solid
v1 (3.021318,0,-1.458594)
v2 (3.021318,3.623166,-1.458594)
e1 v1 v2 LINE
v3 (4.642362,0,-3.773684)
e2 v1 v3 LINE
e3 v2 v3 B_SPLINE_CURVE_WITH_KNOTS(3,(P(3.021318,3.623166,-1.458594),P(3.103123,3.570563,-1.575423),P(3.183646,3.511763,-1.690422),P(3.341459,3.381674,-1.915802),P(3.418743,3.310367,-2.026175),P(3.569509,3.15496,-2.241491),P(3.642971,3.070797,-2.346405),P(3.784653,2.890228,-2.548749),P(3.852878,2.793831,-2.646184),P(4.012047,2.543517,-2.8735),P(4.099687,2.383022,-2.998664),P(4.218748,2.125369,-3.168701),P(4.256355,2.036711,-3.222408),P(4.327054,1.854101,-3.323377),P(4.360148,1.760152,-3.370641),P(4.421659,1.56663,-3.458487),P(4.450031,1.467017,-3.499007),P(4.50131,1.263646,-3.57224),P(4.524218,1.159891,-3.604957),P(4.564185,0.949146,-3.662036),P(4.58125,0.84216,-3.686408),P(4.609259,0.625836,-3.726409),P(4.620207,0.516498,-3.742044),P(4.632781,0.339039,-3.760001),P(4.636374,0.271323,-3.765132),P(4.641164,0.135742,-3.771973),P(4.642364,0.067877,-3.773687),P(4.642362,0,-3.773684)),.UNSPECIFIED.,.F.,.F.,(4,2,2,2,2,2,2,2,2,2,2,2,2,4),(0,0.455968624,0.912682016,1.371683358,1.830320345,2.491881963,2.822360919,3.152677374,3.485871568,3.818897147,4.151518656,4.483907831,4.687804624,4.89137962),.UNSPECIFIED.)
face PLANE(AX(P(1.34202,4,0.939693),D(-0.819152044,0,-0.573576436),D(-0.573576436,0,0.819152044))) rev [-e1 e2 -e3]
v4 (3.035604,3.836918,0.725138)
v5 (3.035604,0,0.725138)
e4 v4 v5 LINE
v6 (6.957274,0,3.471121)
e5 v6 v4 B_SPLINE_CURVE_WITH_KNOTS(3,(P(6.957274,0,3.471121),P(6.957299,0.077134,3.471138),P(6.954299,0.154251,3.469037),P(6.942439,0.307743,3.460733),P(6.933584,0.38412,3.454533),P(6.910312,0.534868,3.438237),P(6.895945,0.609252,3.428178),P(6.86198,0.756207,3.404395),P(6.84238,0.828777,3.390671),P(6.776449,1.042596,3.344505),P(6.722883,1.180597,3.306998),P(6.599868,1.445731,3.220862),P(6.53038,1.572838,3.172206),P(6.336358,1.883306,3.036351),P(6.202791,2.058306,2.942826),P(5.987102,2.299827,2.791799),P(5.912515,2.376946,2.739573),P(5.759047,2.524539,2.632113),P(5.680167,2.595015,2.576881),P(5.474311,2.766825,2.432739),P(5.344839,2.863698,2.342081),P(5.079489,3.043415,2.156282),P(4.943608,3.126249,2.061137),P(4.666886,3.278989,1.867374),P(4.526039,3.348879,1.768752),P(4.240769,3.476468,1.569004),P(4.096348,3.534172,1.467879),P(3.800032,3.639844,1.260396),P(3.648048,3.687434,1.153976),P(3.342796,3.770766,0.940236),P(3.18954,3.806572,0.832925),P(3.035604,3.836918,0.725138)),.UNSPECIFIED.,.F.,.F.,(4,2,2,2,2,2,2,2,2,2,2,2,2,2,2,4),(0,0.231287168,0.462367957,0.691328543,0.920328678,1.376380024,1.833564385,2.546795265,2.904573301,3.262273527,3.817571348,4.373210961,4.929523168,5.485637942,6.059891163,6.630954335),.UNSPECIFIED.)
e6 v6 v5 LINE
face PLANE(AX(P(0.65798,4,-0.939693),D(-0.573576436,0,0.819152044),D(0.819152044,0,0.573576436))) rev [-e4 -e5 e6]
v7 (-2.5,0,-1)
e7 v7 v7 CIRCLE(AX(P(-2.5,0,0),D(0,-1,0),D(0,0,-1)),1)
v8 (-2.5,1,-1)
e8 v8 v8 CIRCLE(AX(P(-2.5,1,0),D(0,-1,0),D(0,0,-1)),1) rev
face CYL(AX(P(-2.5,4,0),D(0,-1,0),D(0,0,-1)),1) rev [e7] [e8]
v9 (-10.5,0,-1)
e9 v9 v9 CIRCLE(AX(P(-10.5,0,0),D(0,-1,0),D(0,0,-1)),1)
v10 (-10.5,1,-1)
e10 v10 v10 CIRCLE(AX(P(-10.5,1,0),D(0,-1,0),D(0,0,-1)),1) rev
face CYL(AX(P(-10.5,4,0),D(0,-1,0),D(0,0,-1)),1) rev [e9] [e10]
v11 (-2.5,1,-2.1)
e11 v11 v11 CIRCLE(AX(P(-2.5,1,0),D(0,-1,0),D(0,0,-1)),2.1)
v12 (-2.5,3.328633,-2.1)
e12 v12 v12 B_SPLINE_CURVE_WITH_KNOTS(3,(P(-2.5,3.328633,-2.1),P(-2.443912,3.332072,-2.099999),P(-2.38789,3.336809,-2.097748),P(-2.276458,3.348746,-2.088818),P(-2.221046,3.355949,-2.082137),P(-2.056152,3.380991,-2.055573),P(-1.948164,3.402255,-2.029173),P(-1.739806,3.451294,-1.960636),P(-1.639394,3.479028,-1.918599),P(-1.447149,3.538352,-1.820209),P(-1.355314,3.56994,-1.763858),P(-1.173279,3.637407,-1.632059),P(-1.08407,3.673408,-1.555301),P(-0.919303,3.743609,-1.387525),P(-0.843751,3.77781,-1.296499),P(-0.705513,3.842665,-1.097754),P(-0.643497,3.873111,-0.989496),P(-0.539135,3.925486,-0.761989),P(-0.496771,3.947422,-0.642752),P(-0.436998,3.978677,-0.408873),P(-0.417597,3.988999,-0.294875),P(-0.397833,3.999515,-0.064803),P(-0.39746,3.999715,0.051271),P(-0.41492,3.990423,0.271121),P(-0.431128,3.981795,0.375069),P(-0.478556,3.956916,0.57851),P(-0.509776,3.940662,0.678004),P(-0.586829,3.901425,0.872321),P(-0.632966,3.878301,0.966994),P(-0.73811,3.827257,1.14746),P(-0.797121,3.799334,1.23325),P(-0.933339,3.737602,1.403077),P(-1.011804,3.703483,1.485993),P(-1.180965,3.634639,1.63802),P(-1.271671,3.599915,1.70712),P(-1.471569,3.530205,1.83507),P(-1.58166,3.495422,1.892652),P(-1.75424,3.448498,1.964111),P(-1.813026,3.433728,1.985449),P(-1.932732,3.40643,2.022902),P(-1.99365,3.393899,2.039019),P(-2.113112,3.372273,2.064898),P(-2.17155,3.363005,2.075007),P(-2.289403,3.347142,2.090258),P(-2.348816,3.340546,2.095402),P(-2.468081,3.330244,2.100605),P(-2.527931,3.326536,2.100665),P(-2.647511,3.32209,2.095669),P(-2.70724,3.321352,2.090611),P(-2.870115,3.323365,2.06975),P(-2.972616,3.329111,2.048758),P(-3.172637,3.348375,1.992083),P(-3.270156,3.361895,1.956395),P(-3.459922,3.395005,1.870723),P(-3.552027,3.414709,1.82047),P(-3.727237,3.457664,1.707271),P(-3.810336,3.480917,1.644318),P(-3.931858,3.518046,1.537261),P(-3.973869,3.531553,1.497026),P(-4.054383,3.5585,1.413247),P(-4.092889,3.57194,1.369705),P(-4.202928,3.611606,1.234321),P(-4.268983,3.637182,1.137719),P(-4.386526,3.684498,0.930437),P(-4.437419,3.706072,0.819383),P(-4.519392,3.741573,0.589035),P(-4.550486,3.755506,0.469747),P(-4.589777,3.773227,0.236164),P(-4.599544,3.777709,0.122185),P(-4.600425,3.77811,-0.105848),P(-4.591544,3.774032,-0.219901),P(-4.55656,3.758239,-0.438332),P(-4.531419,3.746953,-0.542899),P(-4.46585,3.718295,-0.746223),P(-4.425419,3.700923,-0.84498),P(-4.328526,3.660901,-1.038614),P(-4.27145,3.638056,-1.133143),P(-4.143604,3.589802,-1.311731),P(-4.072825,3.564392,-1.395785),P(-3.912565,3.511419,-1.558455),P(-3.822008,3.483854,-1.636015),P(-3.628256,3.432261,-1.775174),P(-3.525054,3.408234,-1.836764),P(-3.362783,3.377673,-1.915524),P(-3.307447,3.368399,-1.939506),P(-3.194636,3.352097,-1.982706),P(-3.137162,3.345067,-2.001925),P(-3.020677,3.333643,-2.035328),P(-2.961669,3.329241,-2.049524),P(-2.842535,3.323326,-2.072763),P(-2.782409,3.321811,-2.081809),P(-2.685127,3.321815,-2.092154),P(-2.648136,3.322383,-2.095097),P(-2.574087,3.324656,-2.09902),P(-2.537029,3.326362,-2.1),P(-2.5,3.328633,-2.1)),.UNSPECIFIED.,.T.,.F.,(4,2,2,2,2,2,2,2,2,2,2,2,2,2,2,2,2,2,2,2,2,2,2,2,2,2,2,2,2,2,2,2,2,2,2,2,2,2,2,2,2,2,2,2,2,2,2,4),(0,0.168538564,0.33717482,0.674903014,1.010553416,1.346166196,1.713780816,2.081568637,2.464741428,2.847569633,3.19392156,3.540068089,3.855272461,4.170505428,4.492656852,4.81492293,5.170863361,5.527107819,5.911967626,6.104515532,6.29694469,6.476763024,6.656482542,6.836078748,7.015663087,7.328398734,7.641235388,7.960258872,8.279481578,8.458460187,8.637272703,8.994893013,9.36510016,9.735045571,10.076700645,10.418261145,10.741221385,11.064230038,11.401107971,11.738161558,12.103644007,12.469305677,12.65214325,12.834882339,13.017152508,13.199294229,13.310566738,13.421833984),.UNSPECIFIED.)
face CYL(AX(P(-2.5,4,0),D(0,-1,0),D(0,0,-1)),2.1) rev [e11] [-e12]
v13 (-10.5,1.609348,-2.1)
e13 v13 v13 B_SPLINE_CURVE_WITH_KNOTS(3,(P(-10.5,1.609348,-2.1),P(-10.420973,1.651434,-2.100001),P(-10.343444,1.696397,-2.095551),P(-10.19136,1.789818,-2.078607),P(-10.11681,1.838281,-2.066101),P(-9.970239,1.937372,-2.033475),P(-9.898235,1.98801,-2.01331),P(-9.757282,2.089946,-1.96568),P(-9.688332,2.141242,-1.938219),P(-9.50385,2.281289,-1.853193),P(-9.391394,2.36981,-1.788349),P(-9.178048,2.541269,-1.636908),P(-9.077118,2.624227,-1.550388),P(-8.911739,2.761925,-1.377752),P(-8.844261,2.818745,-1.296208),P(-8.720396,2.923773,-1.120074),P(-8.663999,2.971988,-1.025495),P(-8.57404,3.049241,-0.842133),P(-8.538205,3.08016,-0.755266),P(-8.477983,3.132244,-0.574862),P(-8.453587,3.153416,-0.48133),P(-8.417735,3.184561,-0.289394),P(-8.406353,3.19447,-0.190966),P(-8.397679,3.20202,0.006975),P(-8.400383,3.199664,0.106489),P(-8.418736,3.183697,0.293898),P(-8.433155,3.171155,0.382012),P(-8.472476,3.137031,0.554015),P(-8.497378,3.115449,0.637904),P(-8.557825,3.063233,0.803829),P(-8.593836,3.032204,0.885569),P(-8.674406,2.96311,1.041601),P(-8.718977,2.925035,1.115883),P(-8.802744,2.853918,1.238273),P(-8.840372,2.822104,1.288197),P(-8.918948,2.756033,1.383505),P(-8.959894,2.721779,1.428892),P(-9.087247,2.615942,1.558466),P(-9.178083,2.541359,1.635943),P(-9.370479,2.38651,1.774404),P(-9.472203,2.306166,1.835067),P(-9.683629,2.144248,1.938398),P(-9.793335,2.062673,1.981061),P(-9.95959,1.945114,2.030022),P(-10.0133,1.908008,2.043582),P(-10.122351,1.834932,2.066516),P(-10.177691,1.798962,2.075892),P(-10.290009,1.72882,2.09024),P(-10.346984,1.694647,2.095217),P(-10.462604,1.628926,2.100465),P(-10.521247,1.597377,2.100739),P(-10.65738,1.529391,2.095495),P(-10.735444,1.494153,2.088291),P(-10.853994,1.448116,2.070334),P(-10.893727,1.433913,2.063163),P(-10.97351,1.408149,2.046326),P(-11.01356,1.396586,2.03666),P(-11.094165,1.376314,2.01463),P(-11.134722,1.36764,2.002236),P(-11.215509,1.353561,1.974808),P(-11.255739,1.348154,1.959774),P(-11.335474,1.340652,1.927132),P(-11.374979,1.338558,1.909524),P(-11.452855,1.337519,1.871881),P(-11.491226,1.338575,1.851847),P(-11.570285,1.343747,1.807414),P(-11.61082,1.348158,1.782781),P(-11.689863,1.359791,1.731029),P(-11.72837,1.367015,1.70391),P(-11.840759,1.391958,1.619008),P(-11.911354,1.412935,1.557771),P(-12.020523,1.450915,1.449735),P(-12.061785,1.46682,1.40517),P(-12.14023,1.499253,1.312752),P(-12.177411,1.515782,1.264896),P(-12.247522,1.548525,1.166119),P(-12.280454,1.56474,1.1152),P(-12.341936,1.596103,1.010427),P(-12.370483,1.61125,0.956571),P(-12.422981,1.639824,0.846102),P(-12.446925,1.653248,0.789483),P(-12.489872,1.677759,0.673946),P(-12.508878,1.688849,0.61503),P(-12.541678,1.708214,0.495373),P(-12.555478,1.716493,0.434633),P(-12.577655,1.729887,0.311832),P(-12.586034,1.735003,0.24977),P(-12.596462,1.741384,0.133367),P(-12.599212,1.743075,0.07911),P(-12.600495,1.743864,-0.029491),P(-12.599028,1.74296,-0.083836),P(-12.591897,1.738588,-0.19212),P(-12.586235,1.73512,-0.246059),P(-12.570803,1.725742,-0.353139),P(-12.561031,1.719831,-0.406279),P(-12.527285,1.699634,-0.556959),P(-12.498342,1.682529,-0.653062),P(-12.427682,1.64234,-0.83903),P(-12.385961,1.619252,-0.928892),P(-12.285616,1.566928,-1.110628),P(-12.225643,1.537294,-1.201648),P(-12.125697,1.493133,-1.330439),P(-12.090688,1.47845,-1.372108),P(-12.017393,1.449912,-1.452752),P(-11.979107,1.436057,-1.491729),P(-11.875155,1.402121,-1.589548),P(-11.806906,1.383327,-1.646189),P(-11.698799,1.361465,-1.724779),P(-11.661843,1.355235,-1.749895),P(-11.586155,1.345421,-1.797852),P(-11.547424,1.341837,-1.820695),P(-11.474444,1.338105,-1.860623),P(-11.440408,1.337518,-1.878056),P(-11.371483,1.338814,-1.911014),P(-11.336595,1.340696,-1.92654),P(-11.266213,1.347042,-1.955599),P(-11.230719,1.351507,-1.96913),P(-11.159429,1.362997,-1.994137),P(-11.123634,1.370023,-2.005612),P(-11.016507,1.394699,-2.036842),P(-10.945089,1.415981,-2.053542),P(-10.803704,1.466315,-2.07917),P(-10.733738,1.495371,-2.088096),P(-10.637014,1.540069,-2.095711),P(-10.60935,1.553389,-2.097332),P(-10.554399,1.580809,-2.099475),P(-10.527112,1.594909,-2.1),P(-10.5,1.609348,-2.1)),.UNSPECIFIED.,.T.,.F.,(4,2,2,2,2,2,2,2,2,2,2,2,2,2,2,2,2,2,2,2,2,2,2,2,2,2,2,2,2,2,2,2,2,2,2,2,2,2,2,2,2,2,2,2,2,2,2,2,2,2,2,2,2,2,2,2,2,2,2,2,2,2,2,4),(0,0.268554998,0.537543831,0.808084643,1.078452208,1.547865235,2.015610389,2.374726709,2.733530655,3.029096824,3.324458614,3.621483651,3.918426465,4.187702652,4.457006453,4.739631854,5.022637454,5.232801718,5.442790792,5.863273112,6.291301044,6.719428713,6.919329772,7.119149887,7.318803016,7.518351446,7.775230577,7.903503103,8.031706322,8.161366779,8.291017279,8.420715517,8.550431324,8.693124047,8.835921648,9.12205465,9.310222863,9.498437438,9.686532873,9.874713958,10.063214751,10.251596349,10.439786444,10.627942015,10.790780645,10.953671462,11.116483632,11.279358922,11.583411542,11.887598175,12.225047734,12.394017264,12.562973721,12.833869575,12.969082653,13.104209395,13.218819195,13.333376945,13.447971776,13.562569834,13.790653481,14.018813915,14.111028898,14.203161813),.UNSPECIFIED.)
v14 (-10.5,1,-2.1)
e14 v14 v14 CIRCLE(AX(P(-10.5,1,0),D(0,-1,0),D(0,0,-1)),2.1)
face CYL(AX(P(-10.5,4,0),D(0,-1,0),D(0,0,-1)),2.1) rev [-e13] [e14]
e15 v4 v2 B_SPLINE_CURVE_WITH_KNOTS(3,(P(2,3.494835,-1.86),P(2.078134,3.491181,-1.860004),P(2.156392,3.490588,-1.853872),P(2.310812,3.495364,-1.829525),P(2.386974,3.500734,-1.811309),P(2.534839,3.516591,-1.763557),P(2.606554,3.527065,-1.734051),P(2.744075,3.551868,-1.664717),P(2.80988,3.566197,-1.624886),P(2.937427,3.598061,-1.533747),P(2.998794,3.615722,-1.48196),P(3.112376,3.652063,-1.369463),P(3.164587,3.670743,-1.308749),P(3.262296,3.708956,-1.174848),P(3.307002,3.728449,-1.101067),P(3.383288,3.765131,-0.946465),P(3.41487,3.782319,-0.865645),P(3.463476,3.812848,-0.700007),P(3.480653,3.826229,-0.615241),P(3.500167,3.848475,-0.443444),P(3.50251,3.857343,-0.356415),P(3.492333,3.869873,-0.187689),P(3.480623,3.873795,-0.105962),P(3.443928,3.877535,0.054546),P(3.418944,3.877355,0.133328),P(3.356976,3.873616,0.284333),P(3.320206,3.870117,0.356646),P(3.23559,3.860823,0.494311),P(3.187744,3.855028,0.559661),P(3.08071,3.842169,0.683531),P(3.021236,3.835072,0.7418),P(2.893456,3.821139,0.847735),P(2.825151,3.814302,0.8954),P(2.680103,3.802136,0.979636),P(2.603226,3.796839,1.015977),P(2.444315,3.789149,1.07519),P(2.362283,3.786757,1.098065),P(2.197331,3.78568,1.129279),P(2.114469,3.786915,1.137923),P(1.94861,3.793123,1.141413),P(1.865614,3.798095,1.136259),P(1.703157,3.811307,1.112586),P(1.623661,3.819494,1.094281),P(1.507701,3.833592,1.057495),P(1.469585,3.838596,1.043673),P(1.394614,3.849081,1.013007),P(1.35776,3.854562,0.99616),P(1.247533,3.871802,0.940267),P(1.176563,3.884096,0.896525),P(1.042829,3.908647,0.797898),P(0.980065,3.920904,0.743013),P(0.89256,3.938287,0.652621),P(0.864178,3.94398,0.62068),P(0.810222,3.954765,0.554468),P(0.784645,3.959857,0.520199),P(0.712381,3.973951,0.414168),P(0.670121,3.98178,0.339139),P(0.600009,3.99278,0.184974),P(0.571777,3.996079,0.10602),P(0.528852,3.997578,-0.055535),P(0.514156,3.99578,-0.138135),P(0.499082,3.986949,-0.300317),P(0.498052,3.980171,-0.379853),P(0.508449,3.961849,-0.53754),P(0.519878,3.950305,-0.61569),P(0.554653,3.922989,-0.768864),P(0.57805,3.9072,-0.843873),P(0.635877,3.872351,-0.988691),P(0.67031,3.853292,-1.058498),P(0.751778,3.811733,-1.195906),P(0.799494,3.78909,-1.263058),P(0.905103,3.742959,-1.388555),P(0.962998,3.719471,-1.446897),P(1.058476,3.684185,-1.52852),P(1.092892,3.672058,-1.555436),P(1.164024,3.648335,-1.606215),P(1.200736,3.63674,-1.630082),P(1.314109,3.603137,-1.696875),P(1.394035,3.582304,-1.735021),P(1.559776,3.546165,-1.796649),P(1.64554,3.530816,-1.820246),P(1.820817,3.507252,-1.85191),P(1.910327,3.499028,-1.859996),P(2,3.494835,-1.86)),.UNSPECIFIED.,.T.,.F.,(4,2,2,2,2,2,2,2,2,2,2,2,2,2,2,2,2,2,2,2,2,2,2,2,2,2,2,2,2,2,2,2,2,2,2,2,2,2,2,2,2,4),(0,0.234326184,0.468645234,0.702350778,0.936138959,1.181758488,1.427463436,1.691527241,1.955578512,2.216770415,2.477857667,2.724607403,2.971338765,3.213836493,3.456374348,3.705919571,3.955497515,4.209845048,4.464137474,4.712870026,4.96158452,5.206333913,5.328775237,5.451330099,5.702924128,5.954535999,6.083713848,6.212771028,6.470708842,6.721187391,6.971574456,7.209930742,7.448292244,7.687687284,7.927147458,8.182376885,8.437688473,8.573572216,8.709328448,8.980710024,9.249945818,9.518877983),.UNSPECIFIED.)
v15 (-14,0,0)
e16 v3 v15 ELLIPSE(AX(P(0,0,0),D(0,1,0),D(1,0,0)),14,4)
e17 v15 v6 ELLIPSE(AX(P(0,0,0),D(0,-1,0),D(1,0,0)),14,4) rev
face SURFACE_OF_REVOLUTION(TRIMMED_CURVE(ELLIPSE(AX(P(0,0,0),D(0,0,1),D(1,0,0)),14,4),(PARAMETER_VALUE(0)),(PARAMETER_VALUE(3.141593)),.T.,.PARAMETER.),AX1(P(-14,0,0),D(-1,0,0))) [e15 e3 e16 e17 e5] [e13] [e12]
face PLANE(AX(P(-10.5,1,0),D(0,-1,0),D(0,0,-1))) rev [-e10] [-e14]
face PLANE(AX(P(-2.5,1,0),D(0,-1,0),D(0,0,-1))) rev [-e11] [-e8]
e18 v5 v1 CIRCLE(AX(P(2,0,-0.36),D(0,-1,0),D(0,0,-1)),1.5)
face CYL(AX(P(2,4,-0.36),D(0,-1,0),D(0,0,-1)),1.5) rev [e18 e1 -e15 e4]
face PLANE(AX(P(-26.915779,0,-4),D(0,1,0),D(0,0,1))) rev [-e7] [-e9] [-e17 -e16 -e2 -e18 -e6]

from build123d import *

# Parameters (mm, degrees)
SKETCH2_W               = 50.634745493
SKETCH2_H               = 13.07277583
CUT_EXTRUDE1_DEPTH      = 5.0000001
CUT_EXTRUDE1_DEPTH_BACK = 5.0000001
SKETCH3_R               = 1
CUT_EXTRUDE2_DEPTH      = 5.0000001
SKETCH4_R               = 2.1
CUT_EXTRUDE3_DEPTH      = 4.0000001
SKETCH5_R               = 1.5
CUT_EXTRUDE4_DEPTH      = 5.0000001
CUT_EXTRUDE5_DEPTH      = 1.0000001
CUT_EXTRUDE5_DEPTH_BACK = 5.0000001


with BuildPart() as part:
    # Sketch1 → Revolve1 (revolve)
    with BuildSketch(Plane.XY):
        with BuildLine():
            Line((-14, 0), (14, 0))
            add(Edge.make_bspline(
                [(14, 0), (14, 4), (0, 4), (-14, 4), (-14, 0)],
                knots=[0, 0, 0, 1.570796327, 1.570796327, 3.141592654, 3.141592654, 3.141592654], degree=2, weights=[1, 0.707106781, 1, 0.707106781, 1]))
        make_face()
    revolve(axis=Axis((-14, 0, 0), (1, 0, 0)))

    # Sketch2 → Cut-Extrude1 (cut, two sides)
    with BuildSketch(Plane.XY) as cut_extrude1_sk:
        with Locations((-1.598405816, -6.536387915)):
            Rectangle(SKETCH2_W, SKETCH2_H)
    extrude(amount=CUT_EXTRUDE1_DEPTH, mode=Mode.SUBTRACT)
    extrude(cut_extrude1_sk.sketch, amount=-CUT_EXTRUDE1_DEPTH_BACK, mode=Mode.SUBTRACT)

    # Sketch3 → Cut-Extrude2 (cut, through all)
    with BuildSketch(Plane.XZ):
        with Locations((-10.5, 0)):
            Circle(SKETCH3_R)
        with Locations((-2.5, 0)):
            Circle(SKETCH3_R)
    extrude(amount=-CUT_EXTRUDE2_DEPTH, mode=Mode.SUBTRACT)

    # Sketch4 → Cut-Extrude3 (cut, through all)
    with BuildSketch(Plane(origin=(0, 1, 0), x_dir=(-1, 0, 0), z_dir=(0, -1, 0))):
        with Locations((10.5, 0)):
            Circle(SKETCH4_R)
        with Locations((2.5, 0)):
            Circle(SKETCH4_R)
    extrude(amount=-CUT_EXTRUDE3_DEPTH, mode=Mode.SUBTRACT)

    # Sketch5 → Cut-Extrude4 (cut, through all)
    with BuildSketch(Plane.XZ):
        with Locations((2, -0.36)):
            Circle(SKETCH5_R)
    extrude(amount=-CUT_EXTRUDE4_DEPTH, mode=Mode.SUBTRACT)

    # Sketch6 → Cut-Extrude5 (cut, two sides)
    with BuildSketch(Plane.XZ) as cut_extrude5_sk:
        with BuildLine():
            Line((6.957274385, 3.471120893), (2, 0))
            Line((2, 0), (4.642362064, -3.773684114))
            add(Edge.make_bspline(
                [(4.642362064, -3.773684114), (14, -2.833952984), (14, 0)],
                knots=[5.050385136, 5.050385136, 5.050385136, 6.283185307, 6.283185307, 6.283185307], degree=2, weights=[1, 0.815964855, 1]))
            add(Edge.make_bspline(
                [(14, 0), (14, 2.318798314), (6.957274385, 3.471120893)],
                knots=[0, 0, 0, 1.05071793, 1.05071793, 1.05071793], degree=2, weights=[1, 0.865143968, 1]))
        make_face()
    extrude(amount=CUT_EXTRUDE5_DEPTH, mode=Mode.SUBTRACT)
    extrude(cut_extrude5_sk.sketch, amount=-CUT_EXTRUDE5_DEPTH_BACK, mode=Mode.SUBTRACT)


solid = part.part
